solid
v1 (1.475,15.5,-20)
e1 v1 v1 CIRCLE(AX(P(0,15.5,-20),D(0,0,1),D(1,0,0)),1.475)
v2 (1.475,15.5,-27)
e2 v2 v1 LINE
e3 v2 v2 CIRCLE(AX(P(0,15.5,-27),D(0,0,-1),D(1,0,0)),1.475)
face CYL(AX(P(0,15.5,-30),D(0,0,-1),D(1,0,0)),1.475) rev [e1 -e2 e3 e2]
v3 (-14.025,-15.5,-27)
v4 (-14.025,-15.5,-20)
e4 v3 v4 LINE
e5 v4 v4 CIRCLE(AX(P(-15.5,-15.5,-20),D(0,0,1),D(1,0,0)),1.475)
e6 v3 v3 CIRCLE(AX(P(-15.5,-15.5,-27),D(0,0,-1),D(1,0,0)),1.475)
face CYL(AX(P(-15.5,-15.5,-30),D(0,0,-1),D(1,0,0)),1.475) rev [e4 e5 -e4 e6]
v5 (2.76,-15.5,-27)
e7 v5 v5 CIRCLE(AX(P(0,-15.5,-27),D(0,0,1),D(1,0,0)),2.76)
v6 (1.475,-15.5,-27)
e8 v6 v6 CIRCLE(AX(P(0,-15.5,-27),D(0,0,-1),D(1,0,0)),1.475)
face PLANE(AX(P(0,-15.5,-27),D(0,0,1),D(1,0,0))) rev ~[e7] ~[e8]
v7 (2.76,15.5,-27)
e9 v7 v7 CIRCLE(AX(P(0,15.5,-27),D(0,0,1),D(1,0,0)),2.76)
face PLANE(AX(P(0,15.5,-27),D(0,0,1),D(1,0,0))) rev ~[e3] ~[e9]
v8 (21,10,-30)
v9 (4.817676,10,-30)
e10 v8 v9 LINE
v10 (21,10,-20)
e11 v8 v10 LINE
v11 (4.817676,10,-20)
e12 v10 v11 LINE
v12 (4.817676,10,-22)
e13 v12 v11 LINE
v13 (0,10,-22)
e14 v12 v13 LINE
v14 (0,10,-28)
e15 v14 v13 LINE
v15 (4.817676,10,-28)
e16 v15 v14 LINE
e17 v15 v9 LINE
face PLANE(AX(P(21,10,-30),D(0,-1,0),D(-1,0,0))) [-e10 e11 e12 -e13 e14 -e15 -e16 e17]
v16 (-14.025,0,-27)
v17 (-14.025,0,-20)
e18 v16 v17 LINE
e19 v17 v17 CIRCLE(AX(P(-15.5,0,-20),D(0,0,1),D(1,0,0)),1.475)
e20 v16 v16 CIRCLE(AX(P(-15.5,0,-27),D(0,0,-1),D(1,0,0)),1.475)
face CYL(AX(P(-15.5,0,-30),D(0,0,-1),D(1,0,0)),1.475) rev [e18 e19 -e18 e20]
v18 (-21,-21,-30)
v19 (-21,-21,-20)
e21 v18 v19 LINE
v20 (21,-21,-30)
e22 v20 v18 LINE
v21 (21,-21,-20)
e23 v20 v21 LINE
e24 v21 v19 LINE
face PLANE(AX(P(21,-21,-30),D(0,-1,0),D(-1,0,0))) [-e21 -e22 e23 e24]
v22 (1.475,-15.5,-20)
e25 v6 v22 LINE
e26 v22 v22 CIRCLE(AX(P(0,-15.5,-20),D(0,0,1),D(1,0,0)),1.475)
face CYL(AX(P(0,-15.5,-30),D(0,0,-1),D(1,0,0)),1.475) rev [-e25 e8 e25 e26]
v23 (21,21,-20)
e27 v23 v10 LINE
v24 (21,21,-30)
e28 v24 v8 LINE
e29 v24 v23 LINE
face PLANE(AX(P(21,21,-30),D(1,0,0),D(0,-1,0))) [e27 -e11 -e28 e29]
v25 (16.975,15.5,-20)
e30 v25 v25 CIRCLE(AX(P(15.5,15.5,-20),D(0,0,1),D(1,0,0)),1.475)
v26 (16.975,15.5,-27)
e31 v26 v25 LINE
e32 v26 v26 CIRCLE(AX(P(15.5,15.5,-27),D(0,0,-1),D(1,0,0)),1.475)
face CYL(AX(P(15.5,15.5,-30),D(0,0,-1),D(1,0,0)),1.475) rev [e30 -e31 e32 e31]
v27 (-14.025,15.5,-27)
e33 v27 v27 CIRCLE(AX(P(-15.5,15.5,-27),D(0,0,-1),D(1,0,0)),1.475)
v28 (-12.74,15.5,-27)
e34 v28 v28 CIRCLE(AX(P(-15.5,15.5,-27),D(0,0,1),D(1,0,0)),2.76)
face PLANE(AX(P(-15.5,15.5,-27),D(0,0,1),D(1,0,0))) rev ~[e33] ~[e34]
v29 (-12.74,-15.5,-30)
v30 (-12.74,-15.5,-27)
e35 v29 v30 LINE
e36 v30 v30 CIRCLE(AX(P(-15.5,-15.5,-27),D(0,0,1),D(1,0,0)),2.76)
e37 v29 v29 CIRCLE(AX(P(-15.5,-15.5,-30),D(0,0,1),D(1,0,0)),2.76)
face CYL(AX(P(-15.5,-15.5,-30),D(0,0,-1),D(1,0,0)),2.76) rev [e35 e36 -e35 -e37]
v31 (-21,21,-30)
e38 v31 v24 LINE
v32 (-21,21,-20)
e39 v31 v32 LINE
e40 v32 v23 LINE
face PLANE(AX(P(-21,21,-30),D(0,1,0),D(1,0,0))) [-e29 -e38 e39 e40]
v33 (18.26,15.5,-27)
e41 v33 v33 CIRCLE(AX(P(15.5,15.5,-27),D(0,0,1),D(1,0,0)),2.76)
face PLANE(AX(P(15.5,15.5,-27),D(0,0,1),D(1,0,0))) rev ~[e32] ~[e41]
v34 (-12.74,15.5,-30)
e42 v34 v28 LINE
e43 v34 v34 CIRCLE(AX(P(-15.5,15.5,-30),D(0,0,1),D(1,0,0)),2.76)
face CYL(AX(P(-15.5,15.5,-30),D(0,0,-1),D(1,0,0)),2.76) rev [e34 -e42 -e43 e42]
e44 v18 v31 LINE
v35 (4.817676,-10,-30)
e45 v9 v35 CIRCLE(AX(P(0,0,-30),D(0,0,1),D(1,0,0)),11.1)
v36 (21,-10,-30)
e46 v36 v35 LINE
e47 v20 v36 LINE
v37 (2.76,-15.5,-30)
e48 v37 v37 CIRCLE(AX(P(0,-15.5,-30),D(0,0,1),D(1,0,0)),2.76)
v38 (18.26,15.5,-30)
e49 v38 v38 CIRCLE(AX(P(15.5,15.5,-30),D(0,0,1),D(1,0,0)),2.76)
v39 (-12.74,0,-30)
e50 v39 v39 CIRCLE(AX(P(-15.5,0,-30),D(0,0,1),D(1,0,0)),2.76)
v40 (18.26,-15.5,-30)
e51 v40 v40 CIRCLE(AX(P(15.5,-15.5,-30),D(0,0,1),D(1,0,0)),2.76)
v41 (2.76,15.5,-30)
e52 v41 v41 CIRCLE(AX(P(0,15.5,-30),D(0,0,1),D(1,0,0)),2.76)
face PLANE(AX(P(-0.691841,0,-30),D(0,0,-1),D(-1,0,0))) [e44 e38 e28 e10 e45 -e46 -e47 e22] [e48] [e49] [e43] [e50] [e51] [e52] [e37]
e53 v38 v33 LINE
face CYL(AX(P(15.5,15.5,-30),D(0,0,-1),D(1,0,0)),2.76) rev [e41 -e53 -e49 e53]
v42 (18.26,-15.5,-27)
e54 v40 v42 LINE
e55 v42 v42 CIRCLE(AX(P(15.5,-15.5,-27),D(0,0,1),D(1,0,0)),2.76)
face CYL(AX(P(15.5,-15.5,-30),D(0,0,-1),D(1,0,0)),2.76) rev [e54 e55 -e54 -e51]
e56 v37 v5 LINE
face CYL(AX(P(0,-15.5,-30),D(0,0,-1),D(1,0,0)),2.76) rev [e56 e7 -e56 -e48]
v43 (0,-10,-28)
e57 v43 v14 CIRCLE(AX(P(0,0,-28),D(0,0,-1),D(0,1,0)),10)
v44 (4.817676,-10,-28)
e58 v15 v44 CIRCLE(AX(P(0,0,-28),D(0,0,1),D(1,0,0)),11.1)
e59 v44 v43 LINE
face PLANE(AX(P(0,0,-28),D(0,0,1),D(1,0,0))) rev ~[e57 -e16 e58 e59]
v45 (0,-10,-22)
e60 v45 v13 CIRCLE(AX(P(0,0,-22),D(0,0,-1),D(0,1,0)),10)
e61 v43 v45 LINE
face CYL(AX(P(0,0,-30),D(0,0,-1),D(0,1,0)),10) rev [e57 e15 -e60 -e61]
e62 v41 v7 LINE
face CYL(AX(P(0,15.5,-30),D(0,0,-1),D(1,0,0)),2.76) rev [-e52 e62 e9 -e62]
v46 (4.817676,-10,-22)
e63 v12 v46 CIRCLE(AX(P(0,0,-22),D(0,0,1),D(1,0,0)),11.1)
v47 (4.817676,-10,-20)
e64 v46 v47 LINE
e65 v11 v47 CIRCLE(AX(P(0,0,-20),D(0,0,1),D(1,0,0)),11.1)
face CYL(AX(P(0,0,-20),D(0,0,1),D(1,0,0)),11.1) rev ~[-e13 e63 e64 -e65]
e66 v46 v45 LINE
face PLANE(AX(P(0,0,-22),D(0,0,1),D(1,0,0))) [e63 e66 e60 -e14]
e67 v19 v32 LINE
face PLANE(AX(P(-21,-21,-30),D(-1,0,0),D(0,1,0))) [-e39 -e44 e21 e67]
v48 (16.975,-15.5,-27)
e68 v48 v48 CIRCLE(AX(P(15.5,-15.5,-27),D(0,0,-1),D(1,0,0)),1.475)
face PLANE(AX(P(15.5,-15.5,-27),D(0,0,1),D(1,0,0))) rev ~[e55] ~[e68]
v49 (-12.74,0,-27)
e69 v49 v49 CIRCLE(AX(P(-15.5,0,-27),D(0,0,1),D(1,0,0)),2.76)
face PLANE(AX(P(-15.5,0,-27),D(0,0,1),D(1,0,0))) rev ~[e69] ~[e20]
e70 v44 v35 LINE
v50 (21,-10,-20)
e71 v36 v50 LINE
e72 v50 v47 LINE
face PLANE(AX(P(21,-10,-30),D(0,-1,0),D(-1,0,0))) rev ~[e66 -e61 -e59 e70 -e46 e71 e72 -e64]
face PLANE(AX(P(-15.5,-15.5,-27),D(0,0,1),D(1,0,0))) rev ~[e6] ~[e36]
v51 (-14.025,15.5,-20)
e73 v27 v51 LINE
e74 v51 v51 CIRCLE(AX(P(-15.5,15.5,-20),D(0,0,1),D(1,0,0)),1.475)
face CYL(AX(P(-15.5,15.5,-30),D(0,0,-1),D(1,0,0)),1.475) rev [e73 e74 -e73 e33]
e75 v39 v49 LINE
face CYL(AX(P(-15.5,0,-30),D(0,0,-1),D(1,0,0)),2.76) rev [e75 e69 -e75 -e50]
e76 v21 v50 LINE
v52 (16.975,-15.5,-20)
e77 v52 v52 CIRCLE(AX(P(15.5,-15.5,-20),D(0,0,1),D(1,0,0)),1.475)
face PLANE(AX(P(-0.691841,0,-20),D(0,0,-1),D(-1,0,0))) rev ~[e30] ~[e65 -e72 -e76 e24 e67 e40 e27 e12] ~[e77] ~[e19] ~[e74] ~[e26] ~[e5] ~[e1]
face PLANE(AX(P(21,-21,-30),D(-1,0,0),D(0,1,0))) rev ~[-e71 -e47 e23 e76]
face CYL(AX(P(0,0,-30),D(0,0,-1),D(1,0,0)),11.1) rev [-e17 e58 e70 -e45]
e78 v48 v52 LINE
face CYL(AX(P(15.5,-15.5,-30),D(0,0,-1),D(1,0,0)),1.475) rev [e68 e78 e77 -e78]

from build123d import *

# Parameters (mm, degrees)
SKETCH004_R     = 1.475
PAD003_DEPTH    = 10
SKETCH009_R     = 2.76
POCKET002_DEPTH = 3
SKETCH014_R     = 11.1
POCKET006_DEPTH = 2
SKETCH042_R     = 11.1
POCKET026_DEPTH = 2


with BuildPart() as part:
    # Sketch004 → Pad003 (new body)
    with BuildSketch(Plane.XY):
        with BuildLine():
            Line((-21, 21), (21, 21))
            Line((21, 21), (21, 10))
            Line((21, 10), (0, 10))
            ThreePointArc((0, 10), (-10, 0), (0, -10))
            Line((21, -10), (0, -10))
            Line((21, -21), (21, -10))
            Line((21, -21), (-21, -21))
            Line((-21, -21), (-21, 21))
        make_face()
        with Locations((-15.5, 15.5)):
            Circle(SKETCH004_R, mode=Mode.SUBTRACT)
        with Locations((15.5, 15.5)):
            Circle(SKETCH004_R, mode=Mode.SUBTRACT)
        with Locations((-15.5, -15.5)):
            Circle(SKETCH004_R, mode=Mode.SUBTRACT)
        with Locations((15.5, -15.5)):
            Circle(SKETCH004_R, mode=Mode.SUBTRACT)
        with Locations((-15.5, 0)):
            Circle(SKETCH004_R, mode=Mode.SUBTRACT)
        with Locations((0, 15.5)):
            Circle(SKETCH004_R, mode=Mode.SUBTRACT)
        with Locations((0, -15.5)):
            Circle(SKETCH004_R, mode=Mode.SUBTRACT)
    extrude(amount=PAD003_DEPTH)

    # Sketch009 → Pocket002 (cut)
    with BuildSketch(Plane.XY):
        with Locations((-15.5, 15.5)):
            Circle(SKETCH009_R)
        with Locations((15.5, 15.5)):
            Circle(SKETCH009_R)
        with Locations((-15.5, -15.5)):
            Circle(SKETCH009_R)
        with Locations((15.5, -15.5)):
            Circle(SKETCH009_R)
        with Locations((-15.5, 0)):
            Circle(SKETCH009_R)
        with Locations((0, 15.5)):
            Circle(SKETCH009_R)
        with Locations((0, -15.5)):
            Circle(SKETCH009_R)
    extrude(amount=POCKET002_DEPTH, mode=Mode.SUBTRACT)

    # Sketch014 (on Face5 of Pocket002) → Pocket006 (cut)
    with BuildSketch(Plane.XY.offset(10)):
        Circle(SKETCH014_R)
    extrude(amount=-POCKET006_DEPTH, mode=Mode.SUBTRACT)

    # Sketch042 → Pocket026 (cut)
    with BuildSketch(Plane.XY):
        Circle(SKETCH042_R)
    extrude(amount=POCKET026_DEPTH, mode=Mode.SUBTRACT)


with BuildPart() as part_1:
    # Body003 placement: moved
    add(part.part.moved(Location((0, 0, -30))))


solid = part_1.part
